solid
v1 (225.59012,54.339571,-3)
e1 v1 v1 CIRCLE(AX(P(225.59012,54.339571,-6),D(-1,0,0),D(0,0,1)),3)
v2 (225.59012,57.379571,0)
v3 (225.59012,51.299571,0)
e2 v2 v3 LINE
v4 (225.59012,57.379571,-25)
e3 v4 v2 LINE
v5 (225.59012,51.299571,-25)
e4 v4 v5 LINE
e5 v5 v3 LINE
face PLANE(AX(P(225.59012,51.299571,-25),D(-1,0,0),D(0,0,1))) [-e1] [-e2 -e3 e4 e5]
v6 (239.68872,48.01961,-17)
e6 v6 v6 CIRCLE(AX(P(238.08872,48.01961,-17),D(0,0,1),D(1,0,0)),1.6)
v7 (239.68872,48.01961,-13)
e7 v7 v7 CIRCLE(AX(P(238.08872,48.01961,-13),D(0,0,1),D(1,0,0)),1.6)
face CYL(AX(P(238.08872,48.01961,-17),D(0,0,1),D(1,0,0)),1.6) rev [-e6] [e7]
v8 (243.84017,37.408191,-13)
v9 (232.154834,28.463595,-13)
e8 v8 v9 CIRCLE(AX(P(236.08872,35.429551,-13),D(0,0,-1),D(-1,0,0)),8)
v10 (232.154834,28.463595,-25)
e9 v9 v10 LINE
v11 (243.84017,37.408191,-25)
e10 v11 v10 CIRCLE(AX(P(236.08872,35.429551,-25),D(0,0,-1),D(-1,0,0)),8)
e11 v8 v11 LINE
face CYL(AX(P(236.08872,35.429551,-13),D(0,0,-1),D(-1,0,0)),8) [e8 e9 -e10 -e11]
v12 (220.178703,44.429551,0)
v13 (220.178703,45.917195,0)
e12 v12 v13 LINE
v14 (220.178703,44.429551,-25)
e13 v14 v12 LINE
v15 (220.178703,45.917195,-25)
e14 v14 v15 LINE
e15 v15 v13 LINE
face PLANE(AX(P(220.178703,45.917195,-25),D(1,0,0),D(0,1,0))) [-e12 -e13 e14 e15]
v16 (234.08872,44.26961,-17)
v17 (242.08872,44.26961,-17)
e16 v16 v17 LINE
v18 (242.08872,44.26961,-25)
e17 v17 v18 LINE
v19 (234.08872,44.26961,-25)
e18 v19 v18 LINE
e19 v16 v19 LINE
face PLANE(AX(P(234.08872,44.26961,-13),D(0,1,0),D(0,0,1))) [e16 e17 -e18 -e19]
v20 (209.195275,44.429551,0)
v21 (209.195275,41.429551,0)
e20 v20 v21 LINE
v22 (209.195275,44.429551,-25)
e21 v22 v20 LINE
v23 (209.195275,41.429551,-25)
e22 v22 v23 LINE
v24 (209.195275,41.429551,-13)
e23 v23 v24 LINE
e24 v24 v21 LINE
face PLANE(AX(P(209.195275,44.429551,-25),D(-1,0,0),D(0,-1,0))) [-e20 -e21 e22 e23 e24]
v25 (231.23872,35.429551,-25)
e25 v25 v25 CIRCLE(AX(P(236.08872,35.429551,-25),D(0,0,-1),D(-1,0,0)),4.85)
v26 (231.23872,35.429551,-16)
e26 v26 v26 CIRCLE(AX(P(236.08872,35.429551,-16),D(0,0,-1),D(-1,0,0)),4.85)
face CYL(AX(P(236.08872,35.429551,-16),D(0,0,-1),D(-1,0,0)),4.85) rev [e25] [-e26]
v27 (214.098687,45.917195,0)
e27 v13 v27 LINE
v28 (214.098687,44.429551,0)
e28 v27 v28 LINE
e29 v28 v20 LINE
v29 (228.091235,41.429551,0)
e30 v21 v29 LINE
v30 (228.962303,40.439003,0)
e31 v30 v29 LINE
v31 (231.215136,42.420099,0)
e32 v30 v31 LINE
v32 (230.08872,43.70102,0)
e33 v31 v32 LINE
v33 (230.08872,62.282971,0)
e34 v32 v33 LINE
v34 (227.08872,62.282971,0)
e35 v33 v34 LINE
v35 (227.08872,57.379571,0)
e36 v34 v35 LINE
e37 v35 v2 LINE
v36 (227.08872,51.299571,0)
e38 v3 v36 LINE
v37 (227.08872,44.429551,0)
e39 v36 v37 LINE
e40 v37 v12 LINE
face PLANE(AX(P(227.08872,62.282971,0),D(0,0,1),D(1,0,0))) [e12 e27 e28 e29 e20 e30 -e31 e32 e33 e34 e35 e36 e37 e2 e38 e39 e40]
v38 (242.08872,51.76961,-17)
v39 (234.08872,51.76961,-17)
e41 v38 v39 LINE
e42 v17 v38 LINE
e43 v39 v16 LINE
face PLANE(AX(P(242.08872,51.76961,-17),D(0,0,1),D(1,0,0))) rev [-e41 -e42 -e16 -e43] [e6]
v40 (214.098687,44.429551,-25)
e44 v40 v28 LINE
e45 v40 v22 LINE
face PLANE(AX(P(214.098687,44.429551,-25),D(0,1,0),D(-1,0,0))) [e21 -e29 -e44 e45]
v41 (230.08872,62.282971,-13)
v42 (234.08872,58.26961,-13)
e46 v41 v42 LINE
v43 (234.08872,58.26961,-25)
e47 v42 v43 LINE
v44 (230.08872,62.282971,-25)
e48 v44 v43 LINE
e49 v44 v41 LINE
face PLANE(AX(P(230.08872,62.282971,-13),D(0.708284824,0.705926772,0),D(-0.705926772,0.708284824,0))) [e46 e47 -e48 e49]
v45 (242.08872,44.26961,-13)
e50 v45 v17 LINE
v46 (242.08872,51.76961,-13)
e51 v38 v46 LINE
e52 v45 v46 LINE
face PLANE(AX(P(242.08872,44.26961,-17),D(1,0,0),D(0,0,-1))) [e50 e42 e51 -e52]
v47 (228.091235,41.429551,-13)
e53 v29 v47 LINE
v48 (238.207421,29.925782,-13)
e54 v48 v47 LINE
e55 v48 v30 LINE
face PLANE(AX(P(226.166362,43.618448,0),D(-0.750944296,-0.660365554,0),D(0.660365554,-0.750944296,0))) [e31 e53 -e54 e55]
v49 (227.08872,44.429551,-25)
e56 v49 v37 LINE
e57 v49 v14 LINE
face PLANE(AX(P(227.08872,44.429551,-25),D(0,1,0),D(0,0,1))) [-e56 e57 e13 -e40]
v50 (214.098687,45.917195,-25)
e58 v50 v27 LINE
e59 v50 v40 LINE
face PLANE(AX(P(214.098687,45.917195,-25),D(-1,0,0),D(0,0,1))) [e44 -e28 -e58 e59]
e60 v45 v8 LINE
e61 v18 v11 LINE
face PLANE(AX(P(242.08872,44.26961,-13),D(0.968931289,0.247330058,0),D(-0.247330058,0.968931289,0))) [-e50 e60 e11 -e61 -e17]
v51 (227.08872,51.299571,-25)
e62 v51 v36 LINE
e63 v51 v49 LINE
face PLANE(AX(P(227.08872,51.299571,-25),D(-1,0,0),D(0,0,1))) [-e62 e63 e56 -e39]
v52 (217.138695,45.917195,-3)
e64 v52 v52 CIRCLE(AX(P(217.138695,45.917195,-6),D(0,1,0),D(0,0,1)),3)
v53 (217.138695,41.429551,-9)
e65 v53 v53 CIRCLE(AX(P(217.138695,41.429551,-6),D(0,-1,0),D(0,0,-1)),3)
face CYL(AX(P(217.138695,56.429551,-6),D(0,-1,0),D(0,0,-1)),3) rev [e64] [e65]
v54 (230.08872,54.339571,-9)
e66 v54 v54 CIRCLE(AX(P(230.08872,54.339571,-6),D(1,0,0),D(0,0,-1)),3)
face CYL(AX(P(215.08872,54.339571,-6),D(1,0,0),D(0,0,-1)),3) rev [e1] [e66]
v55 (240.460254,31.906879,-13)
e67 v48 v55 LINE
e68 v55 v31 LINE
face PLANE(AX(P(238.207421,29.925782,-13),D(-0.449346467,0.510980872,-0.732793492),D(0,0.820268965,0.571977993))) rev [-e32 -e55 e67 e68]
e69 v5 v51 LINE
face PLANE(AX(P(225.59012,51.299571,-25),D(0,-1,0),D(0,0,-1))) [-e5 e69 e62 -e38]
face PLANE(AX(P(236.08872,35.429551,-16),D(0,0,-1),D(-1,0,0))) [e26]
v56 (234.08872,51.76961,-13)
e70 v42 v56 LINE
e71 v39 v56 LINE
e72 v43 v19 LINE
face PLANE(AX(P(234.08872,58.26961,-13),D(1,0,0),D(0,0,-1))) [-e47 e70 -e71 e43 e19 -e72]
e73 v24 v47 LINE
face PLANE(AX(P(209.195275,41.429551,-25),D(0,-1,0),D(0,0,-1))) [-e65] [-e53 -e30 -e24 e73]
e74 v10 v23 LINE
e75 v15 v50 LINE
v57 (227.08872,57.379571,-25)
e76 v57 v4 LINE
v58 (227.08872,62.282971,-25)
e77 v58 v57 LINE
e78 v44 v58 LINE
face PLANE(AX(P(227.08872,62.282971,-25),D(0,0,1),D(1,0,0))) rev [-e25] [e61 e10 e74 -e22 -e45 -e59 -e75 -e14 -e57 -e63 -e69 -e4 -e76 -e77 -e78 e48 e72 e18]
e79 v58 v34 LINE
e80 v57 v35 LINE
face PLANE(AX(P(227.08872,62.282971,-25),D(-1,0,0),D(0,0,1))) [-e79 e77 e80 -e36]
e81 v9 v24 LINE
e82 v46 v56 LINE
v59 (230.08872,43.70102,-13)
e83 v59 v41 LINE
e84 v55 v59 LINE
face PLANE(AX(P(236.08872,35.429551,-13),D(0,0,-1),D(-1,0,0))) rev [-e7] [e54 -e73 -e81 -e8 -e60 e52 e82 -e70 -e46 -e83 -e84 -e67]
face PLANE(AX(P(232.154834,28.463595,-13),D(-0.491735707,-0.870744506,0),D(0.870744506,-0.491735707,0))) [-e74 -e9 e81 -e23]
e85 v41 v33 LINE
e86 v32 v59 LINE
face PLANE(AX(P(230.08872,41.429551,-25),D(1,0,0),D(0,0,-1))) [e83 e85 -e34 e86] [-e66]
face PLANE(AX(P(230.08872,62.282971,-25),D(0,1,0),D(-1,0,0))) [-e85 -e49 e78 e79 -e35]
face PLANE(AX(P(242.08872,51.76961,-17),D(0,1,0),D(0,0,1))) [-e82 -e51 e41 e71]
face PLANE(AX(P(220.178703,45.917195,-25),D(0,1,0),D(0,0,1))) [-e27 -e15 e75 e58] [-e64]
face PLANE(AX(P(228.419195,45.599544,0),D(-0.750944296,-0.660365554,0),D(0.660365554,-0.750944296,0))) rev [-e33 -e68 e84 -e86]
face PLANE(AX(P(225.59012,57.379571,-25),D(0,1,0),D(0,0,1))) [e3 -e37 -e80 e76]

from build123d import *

# Parameters (mm, degrees)
BOSS_EXTRUDE1_DEPTH = 25
SKETCH2_R           = 3
CUT_EXTRUDE1_DEPTH  = 15
SKETCH3_R           = 3
CUT_EXTRUDE2_DEPTH  = 15
BOSS_EXTRUDE2_DEPTH = 12
BOSS_EXTRUDE4_DEPTH = 1.5
SKETCH6_R           = 4.85
CUT_EXTRUDE3_DEPTH  = 9
SKETCH7_W           = 8
SKETCH7_H           = 7.5
BOSS_EXTRUDE5_DEPTH = 4
SKETCH8_R           = 1.6
CUT_EXTRUDE4_DEPTH  = 4


with BuildPart() as part:
    # Sketch1 → Boss-Extrude1 (new body)
    with BuildSketch(Plane.XY):
        Polygon((227.088719843, 62.282971172), (227.088719843, 57.379571172), (225.590119843, 57.379571172), (225.590119843, 51.299571172), (227.088719843, 51.299571172), (227.088719843, 44.429550862), (220.178702595, 44.429550862), (220.178702595, 45.917195068), (214.098687419, 45.917195068), (214.098687419, 44.429550862), (209.19527518, 44.429550862), (209.19527518, 41.429550862), (230.088719843, 41.429550862), (230.088719843, 62.282971172), align=None)
    extrude(amount=-BOSS_EXTRUDE1_DEPTH)

    # Sketch2 → Cut-Extrude1 (cut)
    with BuildSketch(Plane(origin=(230.088719843, 0, 0), x_dir=(0, 0, -1), z_dir=(1, 0, 0))):
        with Locations((6, 54.339571172)):
            Circle(SKETCH2_R)
    extrude(amount=-CUT_EXTRUDE1_DEPTH, mode=Mode.SUBTRACT)

    # Sketch3 → Cut-Extrude2 (cut)
    with BuildSketch(Plane.XZ.offset(-41.429550862)):
        with Locations((217.138695007, -6)):
            Circle(SKETCH3_R)
    extrude(amount=-CUT_EXTRUDE2_DEPTH, mode=Mode.SUBTRACT)

    # Sketch4 → Boss-Extrude2 (add)
    with BuildSketch(Plane(origin=(0, 0, -25), x_dir=(-1, 0, 0), z_dir=(0, 0, -1))):
        with BuildLine():
            Line((-230.088719843, 62.282971172), (-234.088719843, 58.269609721))
            Line((-234.088719843, 58.269609721), (-234.088719843, 44.269609721))
            Line((-234.088719843, 44.269609721), (-242.088719843, 44.269609721))
            Line((-242.088719843, 44.269609721), (-243.840170155, 37.408191323))
            ThreePointArc((-243.840170155, 37.408191323), (-240.951322195, 29.07698458), (-232.154834185, 28.463594817))
            Line((-232.154834185, 28.463594817), (-209.19527518, 41.429550862))
            Line((-209.19527518, 41.429550862), (-230.088719843, 41.429550862))
            Line((-230.088719843, 41.429550862), (-230.088719843, 62.282971172))
        make_face()
    extrude(amount=-BOSS_EXTRUDE2_DEPTH)

    # Sketch5 → Boss-Extrude4 (add, symmetric)
    with BuildSketch(Plane(origin=(150.295838672, 132.167186427, 0), x_dir=(0.660365554, -0.750944296, 0), z_dir=(-0.750944296, -0.660365554, 0))):
        Polygon((120.831380003, -13), (134.831380003, -13), (120.831380003, 0), (116.597450455, 0), (116.597450455, -13), align=None)
    extrude(amount=BOSS_EXTRUDE4_DEPTH, both=True)

    # Sketch6 → Cut-Extrude3 (cut)
    with BuildSketch(Plane(origin=(0, 0, -25), x_dir=(-1, 0, 0), z_dir=(0, 0, -1))):
        with Locations((-236.088719843, 35.429550862)):
            Circle(SKETCH6_R)
    extrude(amount=-CUT_EXTRUDE3_DEPTH, mode=Mode.SUBTRACT)

    # Sketch7 → Boss-Extrude5 (add)
    with BuildSketch(Plane.XY.offset(-13)):
        with Locations((238.088719843, 48.019609721)):
            Rectangle(SKETCH7_W, SKETCH7_H)
    extrude(amount=-BOSS_EXTRUDE5_DEPTH)

    # Sketch8 → Cut-Extrude4 (cut)
    with BuildSketch(Plane.XY.offset(-13)):
        with Locations((238.088719843, 48.019609721)):
            Circle(SKETCH8_R)
    extrude(amount=-CUT_EXTRUDE4_DEPTH, mode=Mode.SUBTRACT)


solid = part.part
